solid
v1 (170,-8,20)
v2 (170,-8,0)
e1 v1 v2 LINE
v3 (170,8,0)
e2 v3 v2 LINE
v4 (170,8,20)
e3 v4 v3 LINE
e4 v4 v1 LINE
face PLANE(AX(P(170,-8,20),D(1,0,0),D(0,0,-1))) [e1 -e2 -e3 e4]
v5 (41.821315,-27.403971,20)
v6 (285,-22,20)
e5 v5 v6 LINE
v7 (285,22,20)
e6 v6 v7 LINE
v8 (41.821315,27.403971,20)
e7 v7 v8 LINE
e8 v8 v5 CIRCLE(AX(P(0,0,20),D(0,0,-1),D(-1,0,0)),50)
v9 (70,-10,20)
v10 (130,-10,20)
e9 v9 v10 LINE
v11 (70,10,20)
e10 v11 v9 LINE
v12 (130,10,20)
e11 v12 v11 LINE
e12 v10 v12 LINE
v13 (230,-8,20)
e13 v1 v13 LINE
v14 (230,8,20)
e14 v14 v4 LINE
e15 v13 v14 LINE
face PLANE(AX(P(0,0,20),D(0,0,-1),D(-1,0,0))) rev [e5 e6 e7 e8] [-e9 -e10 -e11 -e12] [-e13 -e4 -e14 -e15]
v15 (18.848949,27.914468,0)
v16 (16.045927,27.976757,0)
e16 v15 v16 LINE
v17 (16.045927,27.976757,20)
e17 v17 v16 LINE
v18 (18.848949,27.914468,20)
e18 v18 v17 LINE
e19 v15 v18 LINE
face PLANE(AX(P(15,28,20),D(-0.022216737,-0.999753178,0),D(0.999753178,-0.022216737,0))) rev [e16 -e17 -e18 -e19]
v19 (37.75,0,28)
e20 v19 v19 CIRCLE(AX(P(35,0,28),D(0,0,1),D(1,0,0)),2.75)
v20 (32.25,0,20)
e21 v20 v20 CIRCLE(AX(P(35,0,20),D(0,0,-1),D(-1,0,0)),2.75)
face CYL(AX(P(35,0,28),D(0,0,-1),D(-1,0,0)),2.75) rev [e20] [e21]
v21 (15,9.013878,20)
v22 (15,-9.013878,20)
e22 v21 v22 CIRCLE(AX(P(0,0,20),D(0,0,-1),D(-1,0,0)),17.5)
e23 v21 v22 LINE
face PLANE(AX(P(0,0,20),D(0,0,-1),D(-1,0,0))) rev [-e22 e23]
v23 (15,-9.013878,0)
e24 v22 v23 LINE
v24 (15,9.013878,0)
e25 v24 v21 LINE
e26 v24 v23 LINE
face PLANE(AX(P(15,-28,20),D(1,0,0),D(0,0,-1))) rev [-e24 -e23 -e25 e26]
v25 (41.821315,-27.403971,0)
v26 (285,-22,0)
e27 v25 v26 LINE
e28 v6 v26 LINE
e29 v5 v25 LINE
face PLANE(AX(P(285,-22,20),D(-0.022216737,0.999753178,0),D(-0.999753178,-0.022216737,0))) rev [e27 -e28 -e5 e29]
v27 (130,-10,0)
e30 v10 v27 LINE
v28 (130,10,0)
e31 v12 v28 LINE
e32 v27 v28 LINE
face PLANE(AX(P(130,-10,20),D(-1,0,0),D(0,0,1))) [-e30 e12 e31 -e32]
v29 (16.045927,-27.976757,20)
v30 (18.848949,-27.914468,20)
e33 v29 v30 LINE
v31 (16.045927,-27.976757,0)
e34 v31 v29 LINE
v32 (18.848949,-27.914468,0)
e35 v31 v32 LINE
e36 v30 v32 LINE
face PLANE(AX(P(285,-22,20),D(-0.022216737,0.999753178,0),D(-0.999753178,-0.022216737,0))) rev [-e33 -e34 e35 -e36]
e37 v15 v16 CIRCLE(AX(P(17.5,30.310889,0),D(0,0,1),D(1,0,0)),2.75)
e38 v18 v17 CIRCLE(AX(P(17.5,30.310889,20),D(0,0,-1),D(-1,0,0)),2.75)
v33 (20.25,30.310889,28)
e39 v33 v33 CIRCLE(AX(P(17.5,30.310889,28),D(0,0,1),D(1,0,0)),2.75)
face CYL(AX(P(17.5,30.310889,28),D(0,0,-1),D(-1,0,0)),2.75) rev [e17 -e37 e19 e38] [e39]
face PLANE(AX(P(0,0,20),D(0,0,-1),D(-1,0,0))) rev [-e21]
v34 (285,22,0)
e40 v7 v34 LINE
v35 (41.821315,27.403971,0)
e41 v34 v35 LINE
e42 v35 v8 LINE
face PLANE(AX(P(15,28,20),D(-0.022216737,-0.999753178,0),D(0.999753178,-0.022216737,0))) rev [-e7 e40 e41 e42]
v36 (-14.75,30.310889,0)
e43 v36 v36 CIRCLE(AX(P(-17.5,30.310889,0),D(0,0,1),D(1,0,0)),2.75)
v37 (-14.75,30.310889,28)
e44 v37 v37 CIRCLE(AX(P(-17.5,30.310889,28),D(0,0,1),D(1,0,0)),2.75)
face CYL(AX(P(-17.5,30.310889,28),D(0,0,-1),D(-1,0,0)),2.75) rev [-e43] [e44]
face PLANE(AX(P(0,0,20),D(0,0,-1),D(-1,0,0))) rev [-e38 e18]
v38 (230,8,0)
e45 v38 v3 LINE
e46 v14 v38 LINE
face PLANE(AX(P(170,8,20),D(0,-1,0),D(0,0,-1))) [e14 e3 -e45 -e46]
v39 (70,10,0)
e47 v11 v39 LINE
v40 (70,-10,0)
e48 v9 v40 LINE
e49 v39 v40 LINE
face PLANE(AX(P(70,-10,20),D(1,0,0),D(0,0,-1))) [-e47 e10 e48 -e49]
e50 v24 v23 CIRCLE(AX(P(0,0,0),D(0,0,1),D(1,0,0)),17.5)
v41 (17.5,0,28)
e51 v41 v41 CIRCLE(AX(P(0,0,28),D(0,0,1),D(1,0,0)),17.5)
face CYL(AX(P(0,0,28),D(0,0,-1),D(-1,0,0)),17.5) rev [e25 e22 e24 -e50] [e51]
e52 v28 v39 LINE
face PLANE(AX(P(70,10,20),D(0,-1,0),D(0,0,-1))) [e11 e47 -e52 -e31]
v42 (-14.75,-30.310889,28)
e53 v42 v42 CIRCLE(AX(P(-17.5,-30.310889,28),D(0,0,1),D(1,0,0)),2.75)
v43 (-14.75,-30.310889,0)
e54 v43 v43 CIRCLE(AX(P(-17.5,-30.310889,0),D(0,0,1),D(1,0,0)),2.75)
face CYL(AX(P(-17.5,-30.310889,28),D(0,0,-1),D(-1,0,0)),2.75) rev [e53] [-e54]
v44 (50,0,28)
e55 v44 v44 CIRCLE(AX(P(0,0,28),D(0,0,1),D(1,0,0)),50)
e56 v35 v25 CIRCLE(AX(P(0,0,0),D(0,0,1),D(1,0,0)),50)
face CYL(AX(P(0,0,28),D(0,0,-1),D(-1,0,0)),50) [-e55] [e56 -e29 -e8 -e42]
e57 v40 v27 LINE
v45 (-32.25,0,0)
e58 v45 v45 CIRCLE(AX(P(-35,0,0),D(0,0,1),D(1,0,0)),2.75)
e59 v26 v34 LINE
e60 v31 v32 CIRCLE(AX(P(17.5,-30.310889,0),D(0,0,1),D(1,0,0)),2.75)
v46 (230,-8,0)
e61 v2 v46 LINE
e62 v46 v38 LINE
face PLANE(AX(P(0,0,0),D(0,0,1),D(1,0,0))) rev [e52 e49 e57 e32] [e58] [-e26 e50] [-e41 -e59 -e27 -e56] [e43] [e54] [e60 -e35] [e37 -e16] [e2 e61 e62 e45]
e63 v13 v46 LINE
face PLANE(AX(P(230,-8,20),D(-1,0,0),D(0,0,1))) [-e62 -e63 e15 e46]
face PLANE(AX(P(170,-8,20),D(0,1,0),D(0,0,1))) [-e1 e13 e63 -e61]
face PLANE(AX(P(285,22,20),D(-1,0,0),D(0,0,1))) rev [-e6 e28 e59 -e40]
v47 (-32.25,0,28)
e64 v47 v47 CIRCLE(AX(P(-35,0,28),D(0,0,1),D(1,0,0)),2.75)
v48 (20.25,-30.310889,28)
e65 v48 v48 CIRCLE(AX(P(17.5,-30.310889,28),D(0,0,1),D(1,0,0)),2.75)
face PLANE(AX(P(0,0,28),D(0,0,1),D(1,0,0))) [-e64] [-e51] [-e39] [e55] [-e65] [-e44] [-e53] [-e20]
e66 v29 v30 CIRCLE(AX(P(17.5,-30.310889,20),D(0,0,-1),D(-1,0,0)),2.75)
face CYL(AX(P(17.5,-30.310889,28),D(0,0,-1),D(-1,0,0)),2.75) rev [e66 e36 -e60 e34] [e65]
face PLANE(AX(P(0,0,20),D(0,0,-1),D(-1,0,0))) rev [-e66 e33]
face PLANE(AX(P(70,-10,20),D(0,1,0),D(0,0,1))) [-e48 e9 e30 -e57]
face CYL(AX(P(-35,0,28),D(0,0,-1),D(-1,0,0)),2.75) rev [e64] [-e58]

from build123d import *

# Parameters (mm, degrees)
SKETCH1_R           = 50
SKETCH1_R_2         = 17.5
SKETCH1_R_3         = 2.75
BOSS_EXTRUDE1_DEPTH = 28
SKETCH3_W           = 60
SKETCH3_H           = 20
SKETCH3_H_2         = 16
BOSS_EXTRUDE3_DEPTH = 20


with BuildPart() as part:
    # Sketch1 → Boss-Extrude1 (new body)
    with BuildSketch(Plane.XY):
        Circle(SKETCH1_R)
        Circle(SKETCH1_R_2, mode=Mode.SUBTRACT)
        with Locations((35, 0)):
            Circle(SKETCH1_R_3, mode=Mode.SUBTRACT)
        with Locations((17.5, 30.310889132)):
            Circle(SKETCH1_R_3, mode=Mode.SUBTRACT)
        with Locations((-17.5, 30.310889132)):
            Circle(SKETCH1_R_3, mode=Mode.SUBTRACT)
        with Locations((-35, 0)):
            Circle(SKETCH1_R_3, mode=Mode.SUBTRACT)
        with Locations((-17.5, -30.310889132)):
            Circle(SKETCH1_R_3, mode=Mode.SUBTRACT)
        with Locations((17.5, -30.310889132)):
            Circle(SKETCH1_R_3, mode=Mode.SUBTRACT)
    extrude(amount=BOSS_EXTRUDE1_DEPTH)

    # Sketch3 → Boss-Extrude3 (add)
    with BuildSketch(Plane.XY):
        Polygon((15, -28), (15, 28), (285, 22), (285, -22), align=None)
        with Locations((100, 0)):
            Rectangle(SKETCH3_W, SKETCH3_H, mode=Mode.SUBTRACT)
        with Locations((200, 0)):
            Rectangle(SKETCH3_W, SKETCH3_H_2, mode=Mode.SUBTRACT)
    extrude(amount=BOSS_EXTRUDE3_DEPTH)


solid = part.part
